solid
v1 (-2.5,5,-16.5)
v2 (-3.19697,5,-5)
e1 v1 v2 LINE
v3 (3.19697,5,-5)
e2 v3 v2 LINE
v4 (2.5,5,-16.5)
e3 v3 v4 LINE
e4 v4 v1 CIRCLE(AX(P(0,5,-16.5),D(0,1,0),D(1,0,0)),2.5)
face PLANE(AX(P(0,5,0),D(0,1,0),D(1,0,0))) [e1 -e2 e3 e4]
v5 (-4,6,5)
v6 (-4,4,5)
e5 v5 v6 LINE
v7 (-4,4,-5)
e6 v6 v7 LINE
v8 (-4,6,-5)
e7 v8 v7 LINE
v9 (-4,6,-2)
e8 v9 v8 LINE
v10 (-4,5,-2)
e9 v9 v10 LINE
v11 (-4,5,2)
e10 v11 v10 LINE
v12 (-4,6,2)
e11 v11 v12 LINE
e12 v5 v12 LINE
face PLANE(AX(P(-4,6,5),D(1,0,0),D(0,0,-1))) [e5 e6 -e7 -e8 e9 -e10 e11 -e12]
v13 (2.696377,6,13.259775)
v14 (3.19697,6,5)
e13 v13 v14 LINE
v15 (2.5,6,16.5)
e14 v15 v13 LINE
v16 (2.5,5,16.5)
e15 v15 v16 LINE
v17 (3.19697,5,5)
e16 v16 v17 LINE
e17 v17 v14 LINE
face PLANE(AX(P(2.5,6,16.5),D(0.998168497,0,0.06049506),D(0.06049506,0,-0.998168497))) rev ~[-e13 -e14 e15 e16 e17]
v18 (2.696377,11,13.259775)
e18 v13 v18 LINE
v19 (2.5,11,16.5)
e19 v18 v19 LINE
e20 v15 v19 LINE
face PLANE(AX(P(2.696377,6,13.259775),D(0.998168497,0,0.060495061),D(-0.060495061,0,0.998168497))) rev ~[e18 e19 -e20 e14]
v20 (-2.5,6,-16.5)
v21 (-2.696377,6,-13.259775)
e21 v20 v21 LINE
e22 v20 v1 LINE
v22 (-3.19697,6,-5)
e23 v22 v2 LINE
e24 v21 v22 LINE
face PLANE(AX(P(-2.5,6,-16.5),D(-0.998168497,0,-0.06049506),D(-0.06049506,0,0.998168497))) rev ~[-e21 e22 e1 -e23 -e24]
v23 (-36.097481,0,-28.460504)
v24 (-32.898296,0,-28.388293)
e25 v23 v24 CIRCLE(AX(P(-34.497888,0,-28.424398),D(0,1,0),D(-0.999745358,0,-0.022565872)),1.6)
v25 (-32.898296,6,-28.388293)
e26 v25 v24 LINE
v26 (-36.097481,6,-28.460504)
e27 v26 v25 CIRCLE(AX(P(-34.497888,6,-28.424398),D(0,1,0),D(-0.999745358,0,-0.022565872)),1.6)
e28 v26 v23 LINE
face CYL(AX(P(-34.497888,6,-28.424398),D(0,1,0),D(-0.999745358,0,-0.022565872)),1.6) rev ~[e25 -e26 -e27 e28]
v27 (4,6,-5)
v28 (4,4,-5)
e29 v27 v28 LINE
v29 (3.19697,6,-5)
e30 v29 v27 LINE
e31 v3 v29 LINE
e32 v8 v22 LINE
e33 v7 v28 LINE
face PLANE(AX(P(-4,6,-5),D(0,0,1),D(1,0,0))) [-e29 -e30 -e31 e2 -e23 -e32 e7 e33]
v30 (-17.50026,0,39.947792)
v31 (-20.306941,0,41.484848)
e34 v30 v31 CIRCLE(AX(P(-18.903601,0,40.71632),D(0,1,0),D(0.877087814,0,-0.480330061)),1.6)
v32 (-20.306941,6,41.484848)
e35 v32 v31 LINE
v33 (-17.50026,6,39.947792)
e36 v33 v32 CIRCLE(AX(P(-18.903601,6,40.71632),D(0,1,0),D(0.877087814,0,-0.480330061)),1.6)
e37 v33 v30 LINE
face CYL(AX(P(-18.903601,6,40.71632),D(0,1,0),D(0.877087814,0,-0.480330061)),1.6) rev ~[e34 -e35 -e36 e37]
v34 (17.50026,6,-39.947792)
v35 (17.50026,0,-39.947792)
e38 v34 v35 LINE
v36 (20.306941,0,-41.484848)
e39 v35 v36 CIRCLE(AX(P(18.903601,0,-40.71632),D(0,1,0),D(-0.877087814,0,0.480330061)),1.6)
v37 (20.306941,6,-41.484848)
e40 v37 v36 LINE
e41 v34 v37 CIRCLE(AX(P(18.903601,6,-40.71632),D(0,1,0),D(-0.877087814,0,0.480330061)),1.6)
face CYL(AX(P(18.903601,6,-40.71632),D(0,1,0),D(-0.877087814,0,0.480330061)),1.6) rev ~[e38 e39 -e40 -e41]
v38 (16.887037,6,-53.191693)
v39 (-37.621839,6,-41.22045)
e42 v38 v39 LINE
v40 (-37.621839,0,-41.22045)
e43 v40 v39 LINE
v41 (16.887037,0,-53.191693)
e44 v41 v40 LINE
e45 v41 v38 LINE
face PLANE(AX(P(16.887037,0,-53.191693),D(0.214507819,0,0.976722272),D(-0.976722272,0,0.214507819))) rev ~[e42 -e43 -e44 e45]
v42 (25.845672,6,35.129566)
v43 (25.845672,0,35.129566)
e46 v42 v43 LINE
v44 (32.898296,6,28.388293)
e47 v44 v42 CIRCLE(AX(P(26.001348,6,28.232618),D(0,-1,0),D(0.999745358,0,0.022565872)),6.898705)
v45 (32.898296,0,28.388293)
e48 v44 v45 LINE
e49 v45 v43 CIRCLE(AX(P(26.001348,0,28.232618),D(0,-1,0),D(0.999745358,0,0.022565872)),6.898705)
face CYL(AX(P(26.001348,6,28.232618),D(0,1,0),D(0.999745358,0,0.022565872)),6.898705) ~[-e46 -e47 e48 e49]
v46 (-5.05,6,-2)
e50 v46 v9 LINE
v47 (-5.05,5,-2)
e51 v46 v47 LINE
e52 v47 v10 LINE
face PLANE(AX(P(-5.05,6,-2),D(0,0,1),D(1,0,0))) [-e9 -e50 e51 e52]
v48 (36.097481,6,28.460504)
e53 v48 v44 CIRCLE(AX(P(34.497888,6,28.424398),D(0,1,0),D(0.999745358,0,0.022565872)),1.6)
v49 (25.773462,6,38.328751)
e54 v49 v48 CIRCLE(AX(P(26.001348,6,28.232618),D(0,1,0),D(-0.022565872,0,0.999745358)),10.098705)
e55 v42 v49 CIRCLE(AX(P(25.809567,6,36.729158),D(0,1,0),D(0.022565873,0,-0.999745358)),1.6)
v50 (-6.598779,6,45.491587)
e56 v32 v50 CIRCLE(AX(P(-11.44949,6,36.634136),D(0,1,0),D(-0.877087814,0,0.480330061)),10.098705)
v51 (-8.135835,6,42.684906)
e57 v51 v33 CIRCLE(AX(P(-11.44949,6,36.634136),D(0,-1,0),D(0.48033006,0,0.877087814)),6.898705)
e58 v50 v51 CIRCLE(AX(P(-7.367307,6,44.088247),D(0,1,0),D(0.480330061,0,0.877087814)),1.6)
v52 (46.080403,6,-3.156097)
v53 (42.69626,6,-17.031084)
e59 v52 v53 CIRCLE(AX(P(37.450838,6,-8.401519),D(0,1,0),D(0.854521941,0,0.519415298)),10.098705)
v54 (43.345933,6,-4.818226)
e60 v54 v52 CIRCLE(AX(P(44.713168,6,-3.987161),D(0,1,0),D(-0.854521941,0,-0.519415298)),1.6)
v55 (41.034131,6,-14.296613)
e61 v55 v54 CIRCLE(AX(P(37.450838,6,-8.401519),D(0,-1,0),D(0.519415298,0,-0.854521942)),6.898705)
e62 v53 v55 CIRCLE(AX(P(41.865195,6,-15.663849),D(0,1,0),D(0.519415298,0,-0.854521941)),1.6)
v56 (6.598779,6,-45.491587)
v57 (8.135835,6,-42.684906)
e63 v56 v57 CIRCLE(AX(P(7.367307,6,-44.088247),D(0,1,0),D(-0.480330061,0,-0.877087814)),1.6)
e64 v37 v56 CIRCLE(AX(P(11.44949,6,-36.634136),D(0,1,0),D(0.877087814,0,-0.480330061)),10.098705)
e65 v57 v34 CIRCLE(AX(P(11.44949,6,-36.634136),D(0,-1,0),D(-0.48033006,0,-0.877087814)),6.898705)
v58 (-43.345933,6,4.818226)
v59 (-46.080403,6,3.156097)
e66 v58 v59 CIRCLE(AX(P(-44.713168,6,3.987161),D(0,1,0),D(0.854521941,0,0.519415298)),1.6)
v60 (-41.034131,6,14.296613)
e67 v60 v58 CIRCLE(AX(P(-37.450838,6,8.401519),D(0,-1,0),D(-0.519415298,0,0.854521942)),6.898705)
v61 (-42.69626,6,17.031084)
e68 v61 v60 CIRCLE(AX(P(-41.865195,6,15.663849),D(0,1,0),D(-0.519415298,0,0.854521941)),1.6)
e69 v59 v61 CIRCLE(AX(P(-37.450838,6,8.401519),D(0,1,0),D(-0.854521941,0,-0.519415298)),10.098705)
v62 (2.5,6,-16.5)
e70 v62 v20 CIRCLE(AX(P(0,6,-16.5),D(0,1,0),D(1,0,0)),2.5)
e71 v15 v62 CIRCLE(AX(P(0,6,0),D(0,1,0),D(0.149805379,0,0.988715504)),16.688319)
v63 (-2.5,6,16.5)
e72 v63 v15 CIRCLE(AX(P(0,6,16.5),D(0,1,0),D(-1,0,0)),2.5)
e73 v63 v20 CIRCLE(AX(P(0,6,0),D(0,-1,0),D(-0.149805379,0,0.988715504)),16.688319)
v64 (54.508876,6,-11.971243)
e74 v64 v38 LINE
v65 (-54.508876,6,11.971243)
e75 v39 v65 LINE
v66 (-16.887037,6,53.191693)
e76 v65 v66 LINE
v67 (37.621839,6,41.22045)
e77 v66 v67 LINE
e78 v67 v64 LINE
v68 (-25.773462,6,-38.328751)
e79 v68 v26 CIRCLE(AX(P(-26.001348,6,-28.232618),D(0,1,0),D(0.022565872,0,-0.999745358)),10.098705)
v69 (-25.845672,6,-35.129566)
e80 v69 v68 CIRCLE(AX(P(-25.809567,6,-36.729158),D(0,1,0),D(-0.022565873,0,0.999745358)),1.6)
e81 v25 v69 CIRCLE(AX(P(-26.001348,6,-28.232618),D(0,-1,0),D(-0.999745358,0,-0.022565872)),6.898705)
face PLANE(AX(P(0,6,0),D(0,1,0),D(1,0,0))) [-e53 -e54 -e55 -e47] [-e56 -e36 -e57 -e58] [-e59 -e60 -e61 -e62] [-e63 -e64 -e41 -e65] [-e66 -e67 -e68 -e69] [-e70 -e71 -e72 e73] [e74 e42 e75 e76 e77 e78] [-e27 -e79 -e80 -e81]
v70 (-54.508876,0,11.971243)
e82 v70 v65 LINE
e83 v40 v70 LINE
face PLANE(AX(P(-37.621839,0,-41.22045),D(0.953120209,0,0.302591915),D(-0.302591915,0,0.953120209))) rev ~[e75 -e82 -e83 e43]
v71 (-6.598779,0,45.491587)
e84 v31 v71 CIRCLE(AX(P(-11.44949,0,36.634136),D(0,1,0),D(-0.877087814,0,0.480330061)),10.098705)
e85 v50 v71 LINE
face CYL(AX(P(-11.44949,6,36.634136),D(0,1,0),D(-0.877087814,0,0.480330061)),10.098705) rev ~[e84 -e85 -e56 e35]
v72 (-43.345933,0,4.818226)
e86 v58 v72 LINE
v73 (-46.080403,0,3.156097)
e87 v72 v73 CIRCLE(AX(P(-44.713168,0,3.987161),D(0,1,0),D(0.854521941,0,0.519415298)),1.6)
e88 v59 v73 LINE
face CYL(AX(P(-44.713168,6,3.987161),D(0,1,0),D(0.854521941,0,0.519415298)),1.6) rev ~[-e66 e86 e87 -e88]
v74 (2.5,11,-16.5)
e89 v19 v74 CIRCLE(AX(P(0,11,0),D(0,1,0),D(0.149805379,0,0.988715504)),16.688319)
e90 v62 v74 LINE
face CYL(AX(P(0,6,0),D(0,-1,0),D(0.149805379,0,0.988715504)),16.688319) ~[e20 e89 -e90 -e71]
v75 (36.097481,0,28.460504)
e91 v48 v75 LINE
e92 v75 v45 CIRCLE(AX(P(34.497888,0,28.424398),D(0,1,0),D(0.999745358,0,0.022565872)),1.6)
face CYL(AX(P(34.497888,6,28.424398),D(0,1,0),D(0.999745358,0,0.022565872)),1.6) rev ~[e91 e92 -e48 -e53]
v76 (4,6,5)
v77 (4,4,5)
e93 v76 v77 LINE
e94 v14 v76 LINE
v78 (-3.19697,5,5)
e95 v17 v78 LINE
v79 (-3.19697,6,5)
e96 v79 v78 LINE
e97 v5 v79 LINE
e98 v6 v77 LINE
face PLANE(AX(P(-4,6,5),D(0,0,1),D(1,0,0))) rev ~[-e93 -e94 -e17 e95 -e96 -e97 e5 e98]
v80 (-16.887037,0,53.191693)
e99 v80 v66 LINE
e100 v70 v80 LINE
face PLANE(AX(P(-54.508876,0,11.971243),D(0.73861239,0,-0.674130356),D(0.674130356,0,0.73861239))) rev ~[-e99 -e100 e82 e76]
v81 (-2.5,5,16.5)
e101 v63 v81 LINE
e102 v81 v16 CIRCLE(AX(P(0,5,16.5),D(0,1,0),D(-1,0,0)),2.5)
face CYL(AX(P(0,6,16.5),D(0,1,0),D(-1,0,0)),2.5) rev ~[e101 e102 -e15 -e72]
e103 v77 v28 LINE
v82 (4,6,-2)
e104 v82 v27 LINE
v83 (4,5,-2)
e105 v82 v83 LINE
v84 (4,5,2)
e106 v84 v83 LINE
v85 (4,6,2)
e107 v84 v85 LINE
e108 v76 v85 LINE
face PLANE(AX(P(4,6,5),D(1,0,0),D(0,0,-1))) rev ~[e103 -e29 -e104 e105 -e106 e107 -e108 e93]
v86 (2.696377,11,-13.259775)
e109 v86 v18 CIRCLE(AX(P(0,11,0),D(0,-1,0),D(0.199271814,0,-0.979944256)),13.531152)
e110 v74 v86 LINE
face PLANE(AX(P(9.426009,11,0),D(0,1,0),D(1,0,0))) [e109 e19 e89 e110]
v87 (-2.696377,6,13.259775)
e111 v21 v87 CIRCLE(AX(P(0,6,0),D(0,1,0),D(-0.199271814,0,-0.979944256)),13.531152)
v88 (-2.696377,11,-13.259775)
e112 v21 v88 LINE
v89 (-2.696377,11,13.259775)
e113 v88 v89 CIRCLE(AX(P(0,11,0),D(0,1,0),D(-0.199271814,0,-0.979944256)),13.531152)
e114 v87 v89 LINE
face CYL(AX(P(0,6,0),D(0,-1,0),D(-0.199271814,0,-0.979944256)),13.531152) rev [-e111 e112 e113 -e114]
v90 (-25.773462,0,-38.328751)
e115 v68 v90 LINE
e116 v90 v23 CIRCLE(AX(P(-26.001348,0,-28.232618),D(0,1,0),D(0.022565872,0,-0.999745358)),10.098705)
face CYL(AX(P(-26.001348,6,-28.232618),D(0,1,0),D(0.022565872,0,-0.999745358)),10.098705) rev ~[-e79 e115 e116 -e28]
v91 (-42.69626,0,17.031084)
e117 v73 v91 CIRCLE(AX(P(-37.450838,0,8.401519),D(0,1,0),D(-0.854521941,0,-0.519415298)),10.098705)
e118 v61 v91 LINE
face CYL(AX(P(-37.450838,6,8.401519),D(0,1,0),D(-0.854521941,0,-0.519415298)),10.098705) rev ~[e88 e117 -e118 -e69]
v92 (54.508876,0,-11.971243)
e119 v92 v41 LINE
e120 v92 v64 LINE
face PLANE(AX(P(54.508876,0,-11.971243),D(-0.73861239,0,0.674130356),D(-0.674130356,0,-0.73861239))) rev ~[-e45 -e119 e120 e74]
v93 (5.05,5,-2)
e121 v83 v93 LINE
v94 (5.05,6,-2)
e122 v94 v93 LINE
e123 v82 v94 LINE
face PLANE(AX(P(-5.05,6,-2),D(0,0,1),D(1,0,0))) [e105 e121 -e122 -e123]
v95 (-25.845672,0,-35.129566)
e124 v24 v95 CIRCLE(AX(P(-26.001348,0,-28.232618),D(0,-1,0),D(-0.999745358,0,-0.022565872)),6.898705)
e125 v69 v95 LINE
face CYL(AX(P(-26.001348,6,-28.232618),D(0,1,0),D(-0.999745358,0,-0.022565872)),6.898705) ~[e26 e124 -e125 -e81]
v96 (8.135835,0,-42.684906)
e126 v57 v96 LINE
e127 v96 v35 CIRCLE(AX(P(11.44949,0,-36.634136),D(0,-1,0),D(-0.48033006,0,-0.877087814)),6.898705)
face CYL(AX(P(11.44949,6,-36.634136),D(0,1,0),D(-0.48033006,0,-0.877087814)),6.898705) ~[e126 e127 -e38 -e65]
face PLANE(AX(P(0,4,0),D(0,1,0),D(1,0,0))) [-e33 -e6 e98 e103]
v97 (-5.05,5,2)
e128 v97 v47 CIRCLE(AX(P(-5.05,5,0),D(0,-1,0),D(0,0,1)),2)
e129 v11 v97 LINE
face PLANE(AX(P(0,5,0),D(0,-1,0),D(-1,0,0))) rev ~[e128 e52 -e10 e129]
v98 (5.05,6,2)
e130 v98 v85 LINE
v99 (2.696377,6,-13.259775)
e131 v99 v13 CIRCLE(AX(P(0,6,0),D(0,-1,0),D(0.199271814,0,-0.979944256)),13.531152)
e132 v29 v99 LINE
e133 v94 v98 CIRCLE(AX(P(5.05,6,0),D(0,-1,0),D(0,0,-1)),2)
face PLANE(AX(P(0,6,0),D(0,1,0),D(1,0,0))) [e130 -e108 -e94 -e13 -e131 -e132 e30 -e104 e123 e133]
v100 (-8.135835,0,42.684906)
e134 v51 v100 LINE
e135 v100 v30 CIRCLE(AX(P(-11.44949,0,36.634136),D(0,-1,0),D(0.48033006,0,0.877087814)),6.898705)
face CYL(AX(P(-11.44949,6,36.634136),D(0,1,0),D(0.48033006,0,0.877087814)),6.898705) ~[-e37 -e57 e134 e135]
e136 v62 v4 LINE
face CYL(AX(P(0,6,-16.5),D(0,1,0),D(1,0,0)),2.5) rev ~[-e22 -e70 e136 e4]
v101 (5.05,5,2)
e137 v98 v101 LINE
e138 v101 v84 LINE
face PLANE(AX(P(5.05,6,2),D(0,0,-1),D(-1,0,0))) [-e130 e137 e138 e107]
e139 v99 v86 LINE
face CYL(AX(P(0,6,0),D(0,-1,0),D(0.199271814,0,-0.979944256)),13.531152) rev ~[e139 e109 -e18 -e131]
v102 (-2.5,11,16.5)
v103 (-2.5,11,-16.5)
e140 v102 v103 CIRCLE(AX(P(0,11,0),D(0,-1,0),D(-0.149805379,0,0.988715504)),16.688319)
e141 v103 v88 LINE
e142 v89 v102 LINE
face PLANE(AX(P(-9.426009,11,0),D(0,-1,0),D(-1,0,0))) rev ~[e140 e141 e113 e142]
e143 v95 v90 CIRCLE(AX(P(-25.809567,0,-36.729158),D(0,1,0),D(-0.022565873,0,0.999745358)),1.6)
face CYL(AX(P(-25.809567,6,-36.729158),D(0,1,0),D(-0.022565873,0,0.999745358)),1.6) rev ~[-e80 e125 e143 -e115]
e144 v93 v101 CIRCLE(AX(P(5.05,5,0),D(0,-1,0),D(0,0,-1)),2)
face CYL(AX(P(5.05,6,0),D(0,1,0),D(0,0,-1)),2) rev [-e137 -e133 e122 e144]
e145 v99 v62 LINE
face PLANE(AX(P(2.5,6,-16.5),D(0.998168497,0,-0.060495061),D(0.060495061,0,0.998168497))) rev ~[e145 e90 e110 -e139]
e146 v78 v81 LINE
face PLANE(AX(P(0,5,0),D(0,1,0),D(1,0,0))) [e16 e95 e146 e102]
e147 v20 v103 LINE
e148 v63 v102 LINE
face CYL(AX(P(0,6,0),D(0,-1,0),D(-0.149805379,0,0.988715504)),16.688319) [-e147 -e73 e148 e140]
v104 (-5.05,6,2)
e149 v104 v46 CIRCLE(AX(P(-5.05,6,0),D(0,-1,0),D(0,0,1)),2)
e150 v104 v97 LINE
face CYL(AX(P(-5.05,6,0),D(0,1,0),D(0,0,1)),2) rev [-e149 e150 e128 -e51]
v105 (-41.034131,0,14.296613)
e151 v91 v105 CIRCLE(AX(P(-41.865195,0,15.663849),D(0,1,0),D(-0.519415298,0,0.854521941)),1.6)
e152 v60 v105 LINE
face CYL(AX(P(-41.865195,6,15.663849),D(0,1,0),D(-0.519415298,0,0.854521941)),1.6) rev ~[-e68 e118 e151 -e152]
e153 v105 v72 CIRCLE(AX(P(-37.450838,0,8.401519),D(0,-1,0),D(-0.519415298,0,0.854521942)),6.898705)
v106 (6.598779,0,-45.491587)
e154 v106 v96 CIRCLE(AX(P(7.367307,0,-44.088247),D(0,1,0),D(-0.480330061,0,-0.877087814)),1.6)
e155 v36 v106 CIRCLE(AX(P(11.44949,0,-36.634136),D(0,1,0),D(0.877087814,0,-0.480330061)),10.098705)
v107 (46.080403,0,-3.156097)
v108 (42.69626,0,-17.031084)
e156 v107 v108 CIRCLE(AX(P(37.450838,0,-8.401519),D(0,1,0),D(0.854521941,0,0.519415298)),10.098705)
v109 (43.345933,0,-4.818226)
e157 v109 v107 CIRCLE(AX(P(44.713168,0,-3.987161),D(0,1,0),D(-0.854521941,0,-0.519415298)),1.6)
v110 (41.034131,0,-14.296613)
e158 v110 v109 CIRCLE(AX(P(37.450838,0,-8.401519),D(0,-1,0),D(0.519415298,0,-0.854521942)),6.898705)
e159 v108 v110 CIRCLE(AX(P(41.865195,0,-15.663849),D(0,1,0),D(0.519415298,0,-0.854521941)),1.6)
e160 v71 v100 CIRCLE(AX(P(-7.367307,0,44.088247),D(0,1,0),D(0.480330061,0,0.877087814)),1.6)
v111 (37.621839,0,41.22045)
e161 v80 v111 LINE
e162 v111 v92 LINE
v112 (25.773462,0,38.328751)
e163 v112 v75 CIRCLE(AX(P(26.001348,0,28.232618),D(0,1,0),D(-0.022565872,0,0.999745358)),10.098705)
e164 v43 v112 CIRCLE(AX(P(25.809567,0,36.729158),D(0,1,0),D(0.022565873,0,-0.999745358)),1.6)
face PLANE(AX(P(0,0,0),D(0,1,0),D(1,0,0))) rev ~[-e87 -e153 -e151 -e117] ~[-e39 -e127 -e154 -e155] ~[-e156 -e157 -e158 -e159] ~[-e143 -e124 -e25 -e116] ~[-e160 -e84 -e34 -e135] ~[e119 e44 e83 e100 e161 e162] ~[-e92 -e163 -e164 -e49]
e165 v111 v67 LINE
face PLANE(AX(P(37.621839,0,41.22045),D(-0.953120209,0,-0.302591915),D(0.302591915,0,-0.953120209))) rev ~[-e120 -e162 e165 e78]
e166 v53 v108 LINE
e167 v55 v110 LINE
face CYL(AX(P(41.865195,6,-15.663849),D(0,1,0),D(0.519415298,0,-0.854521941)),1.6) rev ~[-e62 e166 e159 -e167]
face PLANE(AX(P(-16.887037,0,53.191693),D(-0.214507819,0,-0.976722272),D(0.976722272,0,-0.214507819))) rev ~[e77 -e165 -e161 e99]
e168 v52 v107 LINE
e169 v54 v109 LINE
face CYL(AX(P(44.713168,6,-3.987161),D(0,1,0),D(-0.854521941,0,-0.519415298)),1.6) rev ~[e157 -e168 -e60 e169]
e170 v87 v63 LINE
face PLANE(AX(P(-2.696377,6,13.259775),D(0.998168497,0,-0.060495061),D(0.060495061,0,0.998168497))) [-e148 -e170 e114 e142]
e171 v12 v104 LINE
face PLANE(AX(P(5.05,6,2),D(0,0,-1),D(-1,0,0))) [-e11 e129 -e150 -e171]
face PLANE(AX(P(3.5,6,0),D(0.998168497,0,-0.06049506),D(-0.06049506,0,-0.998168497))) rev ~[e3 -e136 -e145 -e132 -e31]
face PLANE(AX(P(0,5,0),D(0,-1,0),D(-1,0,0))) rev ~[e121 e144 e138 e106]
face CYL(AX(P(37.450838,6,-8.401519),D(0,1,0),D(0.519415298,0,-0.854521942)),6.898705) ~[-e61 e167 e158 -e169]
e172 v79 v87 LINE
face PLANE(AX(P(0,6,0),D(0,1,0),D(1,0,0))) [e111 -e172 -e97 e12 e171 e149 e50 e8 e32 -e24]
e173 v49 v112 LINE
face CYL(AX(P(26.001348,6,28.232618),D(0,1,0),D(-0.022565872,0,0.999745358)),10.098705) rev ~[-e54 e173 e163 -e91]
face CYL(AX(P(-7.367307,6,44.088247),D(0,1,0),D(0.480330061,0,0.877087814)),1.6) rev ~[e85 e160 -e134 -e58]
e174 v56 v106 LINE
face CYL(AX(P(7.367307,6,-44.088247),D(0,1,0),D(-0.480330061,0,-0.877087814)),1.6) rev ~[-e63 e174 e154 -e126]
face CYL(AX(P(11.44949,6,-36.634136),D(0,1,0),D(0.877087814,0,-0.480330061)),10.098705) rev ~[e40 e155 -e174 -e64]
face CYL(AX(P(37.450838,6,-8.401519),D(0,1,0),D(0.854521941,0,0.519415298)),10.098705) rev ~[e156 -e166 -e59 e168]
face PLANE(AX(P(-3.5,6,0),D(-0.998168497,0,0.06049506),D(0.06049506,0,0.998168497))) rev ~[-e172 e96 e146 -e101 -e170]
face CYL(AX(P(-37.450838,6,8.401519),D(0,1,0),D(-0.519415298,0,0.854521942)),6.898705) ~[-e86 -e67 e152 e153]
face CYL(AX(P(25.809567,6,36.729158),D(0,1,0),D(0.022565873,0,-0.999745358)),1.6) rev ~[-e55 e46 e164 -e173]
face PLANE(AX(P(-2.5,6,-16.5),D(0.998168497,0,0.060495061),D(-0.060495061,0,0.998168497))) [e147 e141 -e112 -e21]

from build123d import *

# Parameters (mm, degrees)
BOSS_EXTRU_1_DEPTH      = 6
ESQUISSE2_W             = 8
ESQUISSE2_H             = 10
ENL_V_MAT_EXTRU_1_DEPTH = 2
ENL_V_MAT_EXTRU_2_DEPTH = 1
ENL_V_MAT_EXTRU_3_DEPTH = 1
BOSS_EXTRU_2_DEPTH      = 5
ENL_V_MAT_EXTRU_4_DEPTH = 6


with BuildPart() as part:
    # Esquisse1 → Boss.-Extru.1 (new body)
    with BuildSketch(Plane(origin=(0, 0, 0), x_dir=(1, 0, 0), z_dir=(0, 1, 0))):
        Polygon((-37.62183883, 41.220449501), (-54.508875838, -11.971243414), (-16.887037008, -53.191692914), (37.62183883, -41.220449501), (54.508875838, 11.971243414), (16.887037008, 53.191692914), align=None)
    extrude(amount=BOSS_EXTRU_1_DEPTH)

    # Esquisse2 → Enlèv. mat.-Extru.1 (cut)
    with BuildSketch(Plane(origin=(0, 6, 0), x_dir=(1, 0, 0), z_dir=(0, 1, 0))):
        Rectangle(ESQUISSE2_W, ESQUISSE2_H)
    extrude(amount=-ENL_V_MAT_EXTRU_1_DEPTH, mode=Mode.SUBTRACT)

    # Esquisse5 → Enlèv. mat.-Extru.2 (cut)
    with BuildSketch(Plane(origin=(0, 6, 0), x_dir=(1, 0, 0), z_dir=(0, 1, 0))):
        with BuildLine():
            Line((-2.5, 16.5), (-3.5, 0))
            Line((-3.5, 0), (-2.5, -16.5))
            ThreePointArc((-2.5, -16.5), (0, -19), (2.5, -16.5))
            Line((2.5, -16.5), (3.5, 0))
            Line((3.5, 0), (2.5, 16.5))
            ThreePointArc((2.5, 16.5), (0, 19), (-2.5, 16.5))
        make_face()
    extrude(amount=-ENL_V_MAT_EXTRU_2_DEPTH, mode=Mode.SUBTRACT)

    # Esquisse6 → Enlèv. mat.-Extru.3 (cut)
    with BuildSketch(Plane(origin=(0, 6, 0), x_dir=(1, 0, 0), z_dir=(0, 1, 0))):
        with BuildLine():
            Line((-5.05, 2), (5.05, 2))
            ThreePointArc((5.05, 2), (7.05, 0), (5.05, -2))
            Line((5.05, -2), (-5.05, -2))
            ThreePointArc((-5.05, -2), (-7.05, 0), (-5.05, 2))
        make_face()
    extrude(amount=-ENL_V_MAT_EXTRU_3_DEPTH, mode=Mode.SUBTRACT)

    # Esquisse7 → Boss.-Extru.2 (add)
    with BuildSketch(Plane(origin=(0, 6, 0), x_dir=(1, 0, 0), z_dir=(0, 1, 0))):
        with BuildLine():
            Line((-2.5, 16.5), (-2.696377272, 13.259775018))
            ThreePointArc((-2.696377272, 13.259775018), (-13.53115235, 0), (-2.696377272, -13.259775018))
            Line((-2.696377272, -13.259775018), (-2.5, -16.5))
            ThreePointArc((-2.5, -16.5), (-16.688319268, 0), (-2.5, 16.5))
        make_face()
        with BuildLine():
            Line((2.5, 16.5), (2.696377272, 13.259775018))
            ThreePointArc((2.696377272, 13.259775018), (13.53115235, 0), (2.696377272, -13.259775018))
            Line((2.696377272, -13.259775018), (2.5, -16.5))
            ThreePointArc((2.5, -16.5), (16.688319268, 0), (2.5, 16.5))
        make_face()
    extrude(amount=BOSS_EXTRU_2_DEPTH)

    # Esquisse8 → Enlèv. mat.-Extru.4 (cut)
    with BuildSketch(Plane(origin=(0, 6, 0), x_dir=(1, 0, 0), z_dir=(0, 1, 0))):
        with BuildLine():
            ThreePointArc((-46.080402753, -3.15609697), (-47.261935037, -10.79446929), (-42.696259662, -17.031083645))
            ThreePointArc((-42.696259662, -17.031083645), (-40.497960079, -16.494913015), (-41.034130709, -14.296613432))
            ThreePointArc((-41.034130709, -14.296613432), (-44.153069953, -10.036209514), (-43.345932541, -4.818225923))
            ThreePointArc((-43.345932541, -4.818225923), (-43.882103171, -2.61992634), (-46.080402753, -3.15609697))
        make_face()
        with BuildLine():
            ThreePointArc((-25.773461529, 38.328750916), (-32.979252144, 35.532801729), (-36.097480922, 28.460503691))
            ThreePointArc((-36.097480922, 28.460503691), (-34.533993744, 26.824805722), (-32.898295775, 28.3882929))
            ThreePointArc((-32.898295775, 28.3882929), (-30.768147373, 33.219575477), (-25.845672321, 35.12956577))
            ThreePointArc((-25.845672321, 35.12956577), (-24.209974352, 36.693052947), (-25.773461529, 38.328750916))
        make_face()
        with BuildLine():
            ThreePointArc((20.306941224, 41.484847886), (14.282682893, 46.327271019), (6.59877874, 45.491587336))
            ThreePointArc((6.59877874, 45.491587336), (5.963966335, 43.319718738), (8.135834934, 42.684906333))
            ThreePointArc((8.135834934, 42.684906333), (13.38492258, 43.255784991), (17.50026022, 39.947791692))
            ThreePointArc((17.50026022, 39.947791692), (19.672128819, 39.312979287), (20.306941224, 41.484847886))
        make_face()
        with BuildLine():
            ThreePointArc((46.080402753, 3.15609697), (47.261935037, 10.79446929), (42.696259662, 17.031083645))
            ThreePointArc((42.696259662, 17.031083645), (40.497960079, 16.494913015), (41.034130709, 14.296613432))
            ThreePointArc((41.034130709, 14.296613432), (44.153069953, 10.036209514), (43.345932541, 4.818225923))
            ThreePointArc((43.345932541, 4.818225923), (43.882103171, 2.61992634), (46.080402753, 3.15609697))
        make_face()
        with BuildLine():
            ThreePointArc((25.773461529, -38.328750916), (32.979252144, -35.532801729), (36.097480922, -28.460503691))
            ThreePointArc((36.097480922, -28.460503691), (34.533993744, -26.824805722), (32.898295775, -28.3882929))
            ThreePointArc((32.898295775, -28.3882929), (30.768147373, -33.219575477), (25.845672321, -35.12956577))
            ThreePointArc((25.845672321, -35.12956577), (24.209974352, -36.693052947), (25.773461529, -38.328750916))
        make_face()
        with BuildLine():
            ThreePointArc((-20.306941224, -41.484847886), (-14.282682893, -46.327271019), (-6.59877874, -45.491587336))
            ThreePointArc((-6.59877874, -45.491587336), (-5.963966335, -43.319718738), (-8.135834934, -42.684906333))
            ThreePointArc((-8.135834934, -42.684906333), (-13.38492258, -43.255784991), (-17.50026022, -39.947791692))
            ThreePointArc((-17.50026022, -39.947791692), (-19.672128819, -39.312979287), (-20.306941224, -41.484847886))
        make_face()
    extrude(amount=-ENL_V_MAT_EXTRU_4_DEPTH, mode=Mode.SUBTRACT)


solid = part.part
